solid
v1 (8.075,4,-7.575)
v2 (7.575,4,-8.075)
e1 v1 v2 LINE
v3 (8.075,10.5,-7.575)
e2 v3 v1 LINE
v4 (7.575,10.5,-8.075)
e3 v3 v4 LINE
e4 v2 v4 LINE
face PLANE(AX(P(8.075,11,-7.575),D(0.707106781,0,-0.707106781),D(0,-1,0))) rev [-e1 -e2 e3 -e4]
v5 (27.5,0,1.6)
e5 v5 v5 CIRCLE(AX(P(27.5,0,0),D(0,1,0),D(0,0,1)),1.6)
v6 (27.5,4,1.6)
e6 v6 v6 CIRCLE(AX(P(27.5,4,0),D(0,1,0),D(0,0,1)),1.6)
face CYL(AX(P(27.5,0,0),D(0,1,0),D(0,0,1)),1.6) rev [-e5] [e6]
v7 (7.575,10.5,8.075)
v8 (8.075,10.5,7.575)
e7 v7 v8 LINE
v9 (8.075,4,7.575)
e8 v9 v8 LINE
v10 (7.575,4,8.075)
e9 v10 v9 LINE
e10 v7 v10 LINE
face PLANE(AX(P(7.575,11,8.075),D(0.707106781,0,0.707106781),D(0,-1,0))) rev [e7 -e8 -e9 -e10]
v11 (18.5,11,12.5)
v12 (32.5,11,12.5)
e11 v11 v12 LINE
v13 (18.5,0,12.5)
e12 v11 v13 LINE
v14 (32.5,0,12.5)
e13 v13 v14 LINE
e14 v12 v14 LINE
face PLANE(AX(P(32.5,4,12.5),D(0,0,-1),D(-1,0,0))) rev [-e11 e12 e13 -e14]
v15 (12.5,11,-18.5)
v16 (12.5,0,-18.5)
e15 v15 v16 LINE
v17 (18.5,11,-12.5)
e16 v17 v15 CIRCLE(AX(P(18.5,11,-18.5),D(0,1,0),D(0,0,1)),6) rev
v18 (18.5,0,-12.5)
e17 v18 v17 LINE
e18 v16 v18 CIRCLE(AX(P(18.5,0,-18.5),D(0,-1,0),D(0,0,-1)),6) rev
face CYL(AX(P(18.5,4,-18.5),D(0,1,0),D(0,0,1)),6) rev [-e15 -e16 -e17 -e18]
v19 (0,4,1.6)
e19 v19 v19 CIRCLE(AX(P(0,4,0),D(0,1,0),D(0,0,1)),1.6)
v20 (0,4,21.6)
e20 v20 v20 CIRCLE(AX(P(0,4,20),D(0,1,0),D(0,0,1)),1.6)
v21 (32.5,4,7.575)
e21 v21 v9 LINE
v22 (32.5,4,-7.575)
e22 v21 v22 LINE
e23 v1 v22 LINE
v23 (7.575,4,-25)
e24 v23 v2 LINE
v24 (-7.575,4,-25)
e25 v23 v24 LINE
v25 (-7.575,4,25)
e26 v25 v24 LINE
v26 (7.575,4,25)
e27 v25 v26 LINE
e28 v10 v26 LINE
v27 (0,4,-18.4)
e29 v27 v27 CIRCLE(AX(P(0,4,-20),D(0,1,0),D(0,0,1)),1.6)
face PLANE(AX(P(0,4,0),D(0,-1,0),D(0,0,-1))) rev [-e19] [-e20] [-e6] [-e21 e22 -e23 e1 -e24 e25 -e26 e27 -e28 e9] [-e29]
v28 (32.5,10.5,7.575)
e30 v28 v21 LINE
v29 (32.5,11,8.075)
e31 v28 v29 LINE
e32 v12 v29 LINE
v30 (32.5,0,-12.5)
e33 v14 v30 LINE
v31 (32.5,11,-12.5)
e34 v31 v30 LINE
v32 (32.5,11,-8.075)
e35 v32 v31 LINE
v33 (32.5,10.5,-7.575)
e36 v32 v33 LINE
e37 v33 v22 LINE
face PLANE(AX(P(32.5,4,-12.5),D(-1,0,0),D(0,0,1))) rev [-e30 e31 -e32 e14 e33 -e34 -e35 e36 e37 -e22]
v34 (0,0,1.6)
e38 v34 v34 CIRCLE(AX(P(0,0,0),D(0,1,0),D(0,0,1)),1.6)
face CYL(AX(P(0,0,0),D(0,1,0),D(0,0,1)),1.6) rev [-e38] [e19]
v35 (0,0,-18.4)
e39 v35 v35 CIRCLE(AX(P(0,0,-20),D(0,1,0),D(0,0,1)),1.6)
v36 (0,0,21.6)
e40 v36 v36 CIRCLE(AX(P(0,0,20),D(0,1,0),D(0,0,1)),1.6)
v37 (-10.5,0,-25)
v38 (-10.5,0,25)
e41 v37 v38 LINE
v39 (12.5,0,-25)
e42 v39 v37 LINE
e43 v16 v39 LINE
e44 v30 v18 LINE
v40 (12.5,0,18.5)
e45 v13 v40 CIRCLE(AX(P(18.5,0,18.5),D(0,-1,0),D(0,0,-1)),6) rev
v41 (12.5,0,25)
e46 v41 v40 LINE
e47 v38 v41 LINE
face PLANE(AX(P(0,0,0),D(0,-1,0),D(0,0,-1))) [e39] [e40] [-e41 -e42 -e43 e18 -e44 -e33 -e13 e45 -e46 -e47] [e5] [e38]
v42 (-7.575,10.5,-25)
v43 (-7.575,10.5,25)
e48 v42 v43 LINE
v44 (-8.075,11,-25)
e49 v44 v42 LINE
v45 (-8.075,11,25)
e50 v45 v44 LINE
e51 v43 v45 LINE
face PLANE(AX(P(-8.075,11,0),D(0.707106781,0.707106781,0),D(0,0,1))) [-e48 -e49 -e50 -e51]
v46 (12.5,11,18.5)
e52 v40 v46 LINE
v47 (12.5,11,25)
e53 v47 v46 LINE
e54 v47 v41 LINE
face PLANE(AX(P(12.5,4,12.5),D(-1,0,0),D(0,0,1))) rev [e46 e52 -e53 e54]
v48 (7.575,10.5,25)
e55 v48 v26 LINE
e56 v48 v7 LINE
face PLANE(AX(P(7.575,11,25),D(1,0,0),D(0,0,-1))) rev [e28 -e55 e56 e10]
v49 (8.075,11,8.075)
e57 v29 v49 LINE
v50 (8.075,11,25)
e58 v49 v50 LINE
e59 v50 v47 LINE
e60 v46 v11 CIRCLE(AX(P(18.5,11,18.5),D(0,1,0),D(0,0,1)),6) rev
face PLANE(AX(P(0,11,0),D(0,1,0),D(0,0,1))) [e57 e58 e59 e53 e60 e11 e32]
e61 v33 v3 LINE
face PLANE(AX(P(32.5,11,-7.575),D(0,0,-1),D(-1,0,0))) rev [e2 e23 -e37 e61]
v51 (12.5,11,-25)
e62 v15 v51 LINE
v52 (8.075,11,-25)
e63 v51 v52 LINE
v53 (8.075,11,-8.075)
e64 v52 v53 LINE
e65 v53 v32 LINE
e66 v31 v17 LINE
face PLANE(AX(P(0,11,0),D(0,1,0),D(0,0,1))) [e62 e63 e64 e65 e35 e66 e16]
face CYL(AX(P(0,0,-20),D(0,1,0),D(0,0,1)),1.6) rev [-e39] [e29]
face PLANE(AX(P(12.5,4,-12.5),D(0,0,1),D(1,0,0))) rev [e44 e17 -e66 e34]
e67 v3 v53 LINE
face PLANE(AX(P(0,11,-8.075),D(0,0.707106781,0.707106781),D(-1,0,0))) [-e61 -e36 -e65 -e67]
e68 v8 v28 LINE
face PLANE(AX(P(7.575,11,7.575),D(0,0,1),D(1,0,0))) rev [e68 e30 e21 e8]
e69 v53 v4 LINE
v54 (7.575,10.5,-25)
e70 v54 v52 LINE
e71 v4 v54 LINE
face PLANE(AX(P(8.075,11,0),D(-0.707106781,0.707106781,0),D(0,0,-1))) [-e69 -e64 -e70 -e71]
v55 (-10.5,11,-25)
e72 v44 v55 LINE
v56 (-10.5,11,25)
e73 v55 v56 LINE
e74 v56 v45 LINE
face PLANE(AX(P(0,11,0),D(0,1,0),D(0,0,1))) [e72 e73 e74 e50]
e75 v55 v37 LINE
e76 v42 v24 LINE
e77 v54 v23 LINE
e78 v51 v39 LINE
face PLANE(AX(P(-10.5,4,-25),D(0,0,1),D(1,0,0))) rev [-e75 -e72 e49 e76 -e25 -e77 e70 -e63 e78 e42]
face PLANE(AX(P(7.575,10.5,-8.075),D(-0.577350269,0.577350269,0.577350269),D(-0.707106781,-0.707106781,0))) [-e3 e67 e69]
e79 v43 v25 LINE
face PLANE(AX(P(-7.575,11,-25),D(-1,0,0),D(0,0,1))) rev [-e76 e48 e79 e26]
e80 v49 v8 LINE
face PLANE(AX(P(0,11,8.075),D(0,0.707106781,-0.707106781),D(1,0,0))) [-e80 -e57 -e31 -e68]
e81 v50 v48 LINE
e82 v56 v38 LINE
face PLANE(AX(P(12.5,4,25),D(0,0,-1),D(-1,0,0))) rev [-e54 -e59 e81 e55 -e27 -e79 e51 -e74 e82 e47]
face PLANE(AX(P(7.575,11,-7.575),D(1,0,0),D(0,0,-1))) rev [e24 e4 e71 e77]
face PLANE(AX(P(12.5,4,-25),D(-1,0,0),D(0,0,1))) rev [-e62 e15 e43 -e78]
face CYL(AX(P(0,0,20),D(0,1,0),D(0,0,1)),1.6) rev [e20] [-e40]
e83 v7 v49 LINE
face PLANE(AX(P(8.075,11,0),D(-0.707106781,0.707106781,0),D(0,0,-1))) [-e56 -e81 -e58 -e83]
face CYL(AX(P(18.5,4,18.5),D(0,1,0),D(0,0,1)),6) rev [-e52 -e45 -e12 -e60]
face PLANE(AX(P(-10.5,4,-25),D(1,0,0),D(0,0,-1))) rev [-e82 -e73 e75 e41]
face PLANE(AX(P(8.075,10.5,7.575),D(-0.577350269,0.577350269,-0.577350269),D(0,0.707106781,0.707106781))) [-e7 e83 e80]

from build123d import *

# Parameters (mm, degrees)
EXTRUDE_1_DEPTH     = 4
SKETCH_2_W          = 2.925
SKETCH_2_H          = 50
EXTRUDE_2_DEPTH     = 7
SKETCH_3_R          = 1.6
CUT_EXTRUDE_1_DEPTH = 42.596273872
CHAMFER_1_SIZE      = 0.5
FILLET_1_R          = 6


with BuildPart() as part:
    # 草图1 → 凸台-拉伸1 (new body)
    with BuildSketch(Plane(origin=(0, 0, 0), x_dir=(1, 0, 0), z_dir=(0, 1, 0))):
        Polygon((-10.5, 25), (12.5, 25), (12.5, 12.5), (32.5, 12.5), (32.5, -12.5), (12.5, -12.5), (12.5, -25), (-10.5, -25), align=None)
    extrude(amount=EXTRUDE_1_DEPTH)

    # 草图2 → 凸台-拉伸2 (add)
    with BuildSketch(Plane(origin=(0, 4, 0), x_dir=(1, 0, 0), z_dir=(0, 1, 0))):
        Polygon((7.575, -25), (7.575, -7.575), (32.5, -7.575), (32.5, -12.5), (12.5, -12.5), (12.5, -25), align=None)
        Polygon((32.5, 7.575), (7.575, 7.575), (7.575, 25), (12.5, 25), (12.5, 12.5), (32.5, 12.5), align=None)
        with Locations((-9.0375, 0)):
            Rectangle(SKETCH_2_W, SKETCH_2_H)
    extrude(amount=EXTRUDE_2_DEPTH)

    # 草图3 → 切除-拉伸1 (cut, through all)
    with BuildSketch(Plane(origin=(0, 4, 0), x_dir=(1, 0, 0), z_dir=(0, 1, 0))):
        with Locations(Location((0, 0, 0), (0, 0, 270))):
            Circle(SKETCH_3_R)
        with Locations(Location((0, 20, 0), (0, 0, 270))):
            Circle(SKETCH_3_R)
        with Locations(Location((0, -20, 0), (0, 0, 270))):
            Circle(SKETCH_3_R)
        with Locations(Location((27.5, 0, 0), (0, 0, 270))):
            Circle(SKETCH_3_R)
    extrude(amount=-CUT_EXTRUDE_1_DEPTH, mode=Mode.SUBTRACT)

    # 倒角1
    chamfer_1_edges = [part.edges().sort_by_distance(p)[0] for p in [
        (7.575, 7.5, 7.575),
        (20.0375, 11, 7.575),
        (7.575, 11, 16.2875),
        (7.575, 7.5, -7.575),
        (7.575, 11, -16.2875),
        (20.0375, 11, -7.575),
        (-7.575, 11, 0),
    ]]
    chamfer(chamfer_1_edges, length=CHAMFER_1_SIZE)

    # 圆角1
    fillet_1_edges = [part.edges().sort_by_distance(p)[0] for p in [
        (12.5, 5.5, 12.5),
        (12.5, 5.5, -12.5),
    ]]
    fillet(fillet_1_edges, radius=FILLET_1_R)


solid = part.part
